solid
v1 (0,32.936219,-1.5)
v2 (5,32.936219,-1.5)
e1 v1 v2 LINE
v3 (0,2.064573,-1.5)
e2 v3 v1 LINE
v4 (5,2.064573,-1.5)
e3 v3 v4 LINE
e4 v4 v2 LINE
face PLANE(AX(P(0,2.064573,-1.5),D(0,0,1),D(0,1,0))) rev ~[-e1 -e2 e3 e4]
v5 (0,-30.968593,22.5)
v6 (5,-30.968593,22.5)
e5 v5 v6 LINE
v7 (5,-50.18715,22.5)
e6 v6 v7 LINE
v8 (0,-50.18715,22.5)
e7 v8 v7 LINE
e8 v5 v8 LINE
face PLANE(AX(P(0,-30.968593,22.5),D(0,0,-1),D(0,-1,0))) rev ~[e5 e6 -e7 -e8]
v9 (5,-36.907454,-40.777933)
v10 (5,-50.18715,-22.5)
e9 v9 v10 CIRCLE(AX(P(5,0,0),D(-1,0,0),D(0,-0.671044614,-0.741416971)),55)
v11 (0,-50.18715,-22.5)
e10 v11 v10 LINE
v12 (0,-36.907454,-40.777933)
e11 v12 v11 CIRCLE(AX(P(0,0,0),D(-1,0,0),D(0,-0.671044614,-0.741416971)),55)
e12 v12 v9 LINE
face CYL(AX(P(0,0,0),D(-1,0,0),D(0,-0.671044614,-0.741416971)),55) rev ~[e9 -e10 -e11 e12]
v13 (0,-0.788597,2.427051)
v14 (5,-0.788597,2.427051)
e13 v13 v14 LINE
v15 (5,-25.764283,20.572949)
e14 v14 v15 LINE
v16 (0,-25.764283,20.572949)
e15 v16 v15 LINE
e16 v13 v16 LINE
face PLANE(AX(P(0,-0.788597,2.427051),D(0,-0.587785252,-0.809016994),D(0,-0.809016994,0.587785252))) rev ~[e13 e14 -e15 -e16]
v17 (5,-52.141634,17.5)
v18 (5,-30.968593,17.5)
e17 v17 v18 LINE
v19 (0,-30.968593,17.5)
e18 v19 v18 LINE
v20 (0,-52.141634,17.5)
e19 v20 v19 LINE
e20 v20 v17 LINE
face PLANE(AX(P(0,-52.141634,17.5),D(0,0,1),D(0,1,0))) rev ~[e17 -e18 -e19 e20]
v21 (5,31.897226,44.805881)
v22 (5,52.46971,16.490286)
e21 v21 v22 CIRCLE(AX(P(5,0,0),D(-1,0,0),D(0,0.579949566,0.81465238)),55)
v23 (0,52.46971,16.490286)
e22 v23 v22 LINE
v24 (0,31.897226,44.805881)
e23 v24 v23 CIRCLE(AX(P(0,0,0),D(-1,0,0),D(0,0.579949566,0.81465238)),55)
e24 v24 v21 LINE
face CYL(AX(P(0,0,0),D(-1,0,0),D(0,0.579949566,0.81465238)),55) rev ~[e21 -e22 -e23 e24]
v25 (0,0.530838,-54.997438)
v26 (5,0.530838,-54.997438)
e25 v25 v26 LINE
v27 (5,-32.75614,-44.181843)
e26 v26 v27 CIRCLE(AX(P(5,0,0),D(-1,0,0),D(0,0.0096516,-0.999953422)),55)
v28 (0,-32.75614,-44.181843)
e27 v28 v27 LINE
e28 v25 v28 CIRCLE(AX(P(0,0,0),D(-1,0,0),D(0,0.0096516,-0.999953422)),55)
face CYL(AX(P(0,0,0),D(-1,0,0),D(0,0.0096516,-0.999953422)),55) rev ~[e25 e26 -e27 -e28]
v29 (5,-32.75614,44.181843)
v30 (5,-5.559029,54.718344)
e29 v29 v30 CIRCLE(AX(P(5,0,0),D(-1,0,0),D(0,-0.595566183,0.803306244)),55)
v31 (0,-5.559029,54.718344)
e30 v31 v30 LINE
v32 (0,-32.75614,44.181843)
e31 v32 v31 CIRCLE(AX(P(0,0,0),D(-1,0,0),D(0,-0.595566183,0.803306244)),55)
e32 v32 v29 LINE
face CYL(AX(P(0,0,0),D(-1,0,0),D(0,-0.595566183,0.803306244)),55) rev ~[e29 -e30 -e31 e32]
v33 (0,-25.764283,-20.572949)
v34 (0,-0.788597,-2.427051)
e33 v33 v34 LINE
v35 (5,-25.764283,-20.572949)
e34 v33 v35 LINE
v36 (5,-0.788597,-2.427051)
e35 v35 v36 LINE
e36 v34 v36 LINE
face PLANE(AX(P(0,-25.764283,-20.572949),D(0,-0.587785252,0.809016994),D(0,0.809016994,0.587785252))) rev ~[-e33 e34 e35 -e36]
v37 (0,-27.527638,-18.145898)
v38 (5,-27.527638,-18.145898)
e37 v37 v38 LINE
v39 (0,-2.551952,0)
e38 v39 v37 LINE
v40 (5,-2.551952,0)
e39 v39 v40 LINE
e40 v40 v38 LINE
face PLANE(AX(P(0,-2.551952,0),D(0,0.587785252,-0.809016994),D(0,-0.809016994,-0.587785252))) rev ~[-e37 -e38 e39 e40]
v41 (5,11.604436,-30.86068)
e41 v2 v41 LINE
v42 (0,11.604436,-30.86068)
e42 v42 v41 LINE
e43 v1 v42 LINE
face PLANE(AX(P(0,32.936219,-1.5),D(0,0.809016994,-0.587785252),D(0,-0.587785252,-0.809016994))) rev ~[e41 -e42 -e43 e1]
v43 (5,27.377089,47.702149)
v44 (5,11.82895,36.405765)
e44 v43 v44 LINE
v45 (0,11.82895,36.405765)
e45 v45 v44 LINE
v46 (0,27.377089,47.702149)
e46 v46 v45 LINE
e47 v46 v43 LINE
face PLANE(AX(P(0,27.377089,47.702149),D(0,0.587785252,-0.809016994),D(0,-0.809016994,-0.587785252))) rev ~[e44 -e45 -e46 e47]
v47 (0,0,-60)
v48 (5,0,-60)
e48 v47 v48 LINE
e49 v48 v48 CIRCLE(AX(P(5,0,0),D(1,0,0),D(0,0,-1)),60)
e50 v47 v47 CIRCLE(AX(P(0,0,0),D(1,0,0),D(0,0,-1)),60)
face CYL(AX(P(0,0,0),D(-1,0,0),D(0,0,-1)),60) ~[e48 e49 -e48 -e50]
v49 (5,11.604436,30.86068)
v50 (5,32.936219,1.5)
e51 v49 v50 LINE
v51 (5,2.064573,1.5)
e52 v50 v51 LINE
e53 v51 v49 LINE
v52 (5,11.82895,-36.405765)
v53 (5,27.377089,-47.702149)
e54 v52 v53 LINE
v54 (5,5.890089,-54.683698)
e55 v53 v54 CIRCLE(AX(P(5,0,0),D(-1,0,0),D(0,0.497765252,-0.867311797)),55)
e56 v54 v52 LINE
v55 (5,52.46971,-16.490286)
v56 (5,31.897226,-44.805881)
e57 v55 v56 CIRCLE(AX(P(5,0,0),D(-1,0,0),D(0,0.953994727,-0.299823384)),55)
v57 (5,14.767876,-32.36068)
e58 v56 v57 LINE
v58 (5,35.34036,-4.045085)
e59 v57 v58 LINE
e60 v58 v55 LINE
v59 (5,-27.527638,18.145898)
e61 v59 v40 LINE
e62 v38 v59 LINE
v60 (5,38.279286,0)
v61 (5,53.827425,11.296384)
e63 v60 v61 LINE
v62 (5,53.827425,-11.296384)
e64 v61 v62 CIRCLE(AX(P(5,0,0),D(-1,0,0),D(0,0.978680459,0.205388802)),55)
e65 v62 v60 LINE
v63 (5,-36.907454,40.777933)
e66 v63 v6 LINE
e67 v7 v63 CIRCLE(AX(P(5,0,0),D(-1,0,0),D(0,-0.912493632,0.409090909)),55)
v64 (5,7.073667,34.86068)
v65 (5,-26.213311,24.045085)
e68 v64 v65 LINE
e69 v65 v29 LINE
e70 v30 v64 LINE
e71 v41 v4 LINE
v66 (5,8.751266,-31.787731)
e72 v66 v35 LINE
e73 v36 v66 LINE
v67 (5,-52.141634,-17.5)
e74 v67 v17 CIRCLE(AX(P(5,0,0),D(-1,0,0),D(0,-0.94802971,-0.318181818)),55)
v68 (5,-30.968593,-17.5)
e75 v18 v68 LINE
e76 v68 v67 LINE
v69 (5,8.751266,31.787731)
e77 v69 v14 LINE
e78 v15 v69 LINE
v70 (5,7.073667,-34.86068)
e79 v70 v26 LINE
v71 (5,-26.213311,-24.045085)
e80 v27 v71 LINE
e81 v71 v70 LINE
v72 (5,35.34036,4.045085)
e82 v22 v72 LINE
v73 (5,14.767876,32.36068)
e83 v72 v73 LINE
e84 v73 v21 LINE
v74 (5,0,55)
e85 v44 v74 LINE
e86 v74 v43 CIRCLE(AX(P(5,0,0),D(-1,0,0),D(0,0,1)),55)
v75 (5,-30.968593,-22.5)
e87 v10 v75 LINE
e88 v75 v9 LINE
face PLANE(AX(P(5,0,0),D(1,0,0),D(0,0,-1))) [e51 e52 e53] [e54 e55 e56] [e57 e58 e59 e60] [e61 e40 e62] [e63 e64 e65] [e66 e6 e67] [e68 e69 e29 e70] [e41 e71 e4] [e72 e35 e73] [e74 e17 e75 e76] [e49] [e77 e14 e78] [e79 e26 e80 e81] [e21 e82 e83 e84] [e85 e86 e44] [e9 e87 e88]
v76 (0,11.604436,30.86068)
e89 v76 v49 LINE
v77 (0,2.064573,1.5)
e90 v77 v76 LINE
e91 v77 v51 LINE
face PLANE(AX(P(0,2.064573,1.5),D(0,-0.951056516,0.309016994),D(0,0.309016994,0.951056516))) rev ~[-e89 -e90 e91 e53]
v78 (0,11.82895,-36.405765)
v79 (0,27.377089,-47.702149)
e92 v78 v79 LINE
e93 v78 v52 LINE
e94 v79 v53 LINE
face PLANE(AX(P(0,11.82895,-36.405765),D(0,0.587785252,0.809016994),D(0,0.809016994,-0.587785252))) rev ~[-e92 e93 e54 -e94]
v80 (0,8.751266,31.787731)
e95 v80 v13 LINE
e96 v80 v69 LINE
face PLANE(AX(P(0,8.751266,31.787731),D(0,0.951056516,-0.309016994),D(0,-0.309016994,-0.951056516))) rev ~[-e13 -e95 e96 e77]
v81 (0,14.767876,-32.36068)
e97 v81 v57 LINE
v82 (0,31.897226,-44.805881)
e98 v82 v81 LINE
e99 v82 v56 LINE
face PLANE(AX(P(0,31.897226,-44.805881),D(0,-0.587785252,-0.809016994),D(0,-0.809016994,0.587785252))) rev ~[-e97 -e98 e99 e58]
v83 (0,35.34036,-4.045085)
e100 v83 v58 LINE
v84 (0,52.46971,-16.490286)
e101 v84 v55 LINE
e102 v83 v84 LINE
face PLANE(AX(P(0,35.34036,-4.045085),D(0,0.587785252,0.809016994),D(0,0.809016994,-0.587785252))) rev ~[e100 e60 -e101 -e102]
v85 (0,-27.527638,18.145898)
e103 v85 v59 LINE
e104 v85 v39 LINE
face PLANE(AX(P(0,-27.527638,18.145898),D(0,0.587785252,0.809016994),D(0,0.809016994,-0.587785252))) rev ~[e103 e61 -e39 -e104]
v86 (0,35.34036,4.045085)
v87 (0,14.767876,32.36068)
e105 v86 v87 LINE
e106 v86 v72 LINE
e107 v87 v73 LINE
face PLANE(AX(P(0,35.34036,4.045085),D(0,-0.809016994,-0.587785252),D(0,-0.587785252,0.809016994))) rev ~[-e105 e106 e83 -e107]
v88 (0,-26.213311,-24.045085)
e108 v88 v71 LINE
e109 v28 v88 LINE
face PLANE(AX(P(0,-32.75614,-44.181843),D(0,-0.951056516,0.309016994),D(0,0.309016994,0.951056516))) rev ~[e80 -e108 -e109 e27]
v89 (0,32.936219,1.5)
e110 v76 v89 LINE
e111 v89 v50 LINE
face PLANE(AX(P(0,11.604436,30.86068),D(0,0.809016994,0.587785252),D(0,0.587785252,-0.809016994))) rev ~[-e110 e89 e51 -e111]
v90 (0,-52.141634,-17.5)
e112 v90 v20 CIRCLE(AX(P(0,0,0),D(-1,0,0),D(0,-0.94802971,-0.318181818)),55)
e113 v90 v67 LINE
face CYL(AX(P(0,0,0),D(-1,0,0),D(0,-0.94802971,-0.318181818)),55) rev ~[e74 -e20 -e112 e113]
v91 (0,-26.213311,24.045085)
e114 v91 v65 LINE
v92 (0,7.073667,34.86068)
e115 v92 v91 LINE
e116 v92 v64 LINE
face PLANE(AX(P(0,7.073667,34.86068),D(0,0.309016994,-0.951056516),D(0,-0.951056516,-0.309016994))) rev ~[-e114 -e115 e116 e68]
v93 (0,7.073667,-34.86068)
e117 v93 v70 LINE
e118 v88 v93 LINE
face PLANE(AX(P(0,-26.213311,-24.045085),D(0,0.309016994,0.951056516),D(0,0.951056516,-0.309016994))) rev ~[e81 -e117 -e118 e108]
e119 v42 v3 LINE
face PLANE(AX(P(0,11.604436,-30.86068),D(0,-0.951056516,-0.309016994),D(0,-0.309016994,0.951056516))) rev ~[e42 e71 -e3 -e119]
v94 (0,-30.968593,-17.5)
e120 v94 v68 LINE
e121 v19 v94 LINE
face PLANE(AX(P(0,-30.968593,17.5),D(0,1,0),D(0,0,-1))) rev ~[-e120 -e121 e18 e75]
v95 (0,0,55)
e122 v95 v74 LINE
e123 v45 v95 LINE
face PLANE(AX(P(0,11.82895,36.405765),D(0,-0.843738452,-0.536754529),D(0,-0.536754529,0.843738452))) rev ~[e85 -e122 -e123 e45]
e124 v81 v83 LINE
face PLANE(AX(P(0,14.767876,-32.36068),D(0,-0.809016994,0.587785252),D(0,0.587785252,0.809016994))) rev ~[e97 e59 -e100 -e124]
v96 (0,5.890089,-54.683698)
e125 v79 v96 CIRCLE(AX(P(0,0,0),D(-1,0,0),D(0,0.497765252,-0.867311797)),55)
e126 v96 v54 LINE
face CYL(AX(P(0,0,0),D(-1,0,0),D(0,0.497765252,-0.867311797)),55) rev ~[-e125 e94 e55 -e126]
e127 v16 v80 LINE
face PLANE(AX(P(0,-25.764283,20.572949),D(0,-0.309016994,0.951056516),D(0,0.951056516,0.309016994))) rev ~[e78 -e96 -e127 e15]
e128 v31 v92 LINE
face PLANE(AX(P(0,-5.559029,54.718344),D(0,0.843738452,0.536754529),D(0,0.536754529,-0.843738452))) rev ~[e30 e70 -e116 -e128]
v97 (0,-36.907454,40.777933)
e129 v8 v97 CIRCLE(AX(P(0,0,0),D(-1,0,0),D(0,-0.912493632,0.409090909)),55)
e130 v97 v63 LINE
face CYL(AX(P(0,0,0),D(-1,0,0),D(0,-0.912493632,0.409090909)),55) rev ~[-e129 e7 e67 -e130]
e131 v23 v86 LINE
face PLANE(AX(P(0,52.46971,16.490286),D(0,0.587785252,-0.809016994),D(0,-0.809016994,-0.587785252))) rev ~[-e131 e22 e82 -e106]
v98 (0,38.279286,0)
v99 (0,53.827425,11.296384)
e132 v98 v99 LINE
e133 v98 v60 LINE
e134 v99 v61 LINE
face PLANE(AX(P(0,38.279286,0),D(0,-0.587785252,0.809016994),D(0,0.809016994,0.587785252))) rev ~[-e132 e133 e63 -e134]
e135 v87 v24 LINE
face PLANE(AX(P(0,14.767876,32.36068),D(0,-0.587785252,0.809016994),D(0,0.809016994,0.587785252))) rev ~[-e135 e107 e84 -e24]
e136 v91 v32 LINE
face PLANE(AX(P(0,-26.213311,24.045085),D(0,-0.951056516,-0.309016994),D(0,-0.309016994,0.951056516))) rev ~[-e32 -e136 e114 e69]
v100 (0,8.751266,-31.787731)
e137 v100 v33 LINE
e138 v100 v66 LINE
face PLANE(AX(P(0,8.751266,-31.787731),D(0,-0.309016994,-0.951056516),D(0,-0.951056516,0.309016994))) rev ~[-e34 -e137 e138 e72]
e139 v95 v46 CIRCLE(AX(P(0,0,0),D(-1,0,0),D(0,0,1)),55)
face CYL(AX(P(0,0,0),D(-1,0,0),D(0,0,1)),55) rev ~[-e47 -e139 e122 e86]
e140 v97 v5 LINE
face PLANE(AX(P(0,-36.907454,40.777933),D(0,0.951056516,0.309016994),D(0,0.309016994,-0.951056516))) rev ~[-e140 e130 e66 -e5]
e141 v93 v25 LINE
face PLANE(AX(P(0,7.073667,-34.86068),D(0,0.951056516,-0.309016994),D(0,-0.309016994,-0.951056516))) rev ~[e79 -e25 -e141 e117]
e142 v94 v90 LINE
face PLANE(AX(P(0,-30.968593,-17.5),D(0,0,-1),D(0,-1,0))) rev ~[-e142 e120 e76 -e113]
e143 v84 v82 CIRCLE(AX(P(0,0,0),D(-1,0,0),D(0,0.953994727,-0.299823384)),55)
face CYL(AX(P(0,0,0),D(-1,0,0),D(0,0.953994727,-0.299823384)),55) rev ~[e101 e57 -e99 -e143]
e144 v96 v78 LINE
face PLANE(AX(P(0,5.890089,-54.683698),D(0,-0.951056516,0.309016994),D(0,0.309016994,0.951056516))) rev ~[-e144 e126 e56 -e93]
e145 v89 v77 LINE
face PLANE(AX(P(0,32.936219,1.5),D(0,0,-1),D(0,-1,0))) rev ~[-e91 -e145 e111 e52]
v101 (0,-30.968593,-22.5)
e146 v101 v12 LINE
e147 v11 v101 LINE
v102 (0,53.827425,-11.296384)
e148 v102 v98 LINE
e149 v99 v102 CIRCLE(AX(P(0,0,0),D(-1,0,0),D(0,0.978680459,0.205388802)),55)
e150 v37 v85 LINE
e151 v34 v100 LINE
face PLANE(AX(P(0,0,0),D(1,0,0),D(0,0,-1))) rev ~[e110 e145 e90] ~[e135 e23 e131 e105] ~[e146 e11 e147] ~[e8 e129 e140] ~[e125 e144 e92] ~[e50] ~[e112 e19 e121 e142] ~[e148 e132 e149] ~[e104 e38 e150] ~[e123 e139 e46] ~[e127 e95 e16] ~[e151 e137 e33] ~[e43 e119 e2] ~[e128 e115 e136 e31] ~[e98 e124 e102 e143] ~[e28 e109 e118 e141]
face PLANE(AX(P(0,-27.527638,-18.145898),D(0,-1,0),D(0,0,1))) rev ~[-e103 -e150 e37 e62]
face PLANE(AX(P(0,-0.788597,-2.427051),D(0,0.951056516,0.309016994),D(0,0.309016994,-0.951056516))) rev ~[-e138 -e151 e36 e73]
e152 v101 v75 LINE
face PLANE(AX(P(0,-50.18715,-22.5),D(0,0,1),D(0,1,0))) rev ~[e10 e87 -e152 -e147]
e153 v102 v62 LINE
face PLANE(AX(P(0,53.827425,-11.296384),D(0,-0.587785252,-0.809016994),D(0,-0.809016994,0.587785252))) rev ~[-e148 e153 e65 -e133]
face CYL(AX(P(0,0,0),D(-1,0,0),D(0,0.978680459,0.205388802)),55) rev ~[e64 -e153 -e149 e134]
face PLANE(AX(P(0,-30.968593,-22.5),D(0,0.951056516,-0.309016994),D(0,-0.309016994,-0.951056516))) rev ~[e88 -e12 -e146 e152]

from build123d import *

# Parameters (mm, degrees)
SKETCH2_R           = 60
BOSS_EXTRUDE2_DEPTH = 5


with BuildPart() as part:
    # Sketch2 → Boss-Extrude2 (new body)
    with BuildSketch(Plane(origin=(0, 0, 0), x_dir=(0, 0, -1), z_dir=(1, 0, 0))):
        Circle(SKETCH2_R)
        with BuildLine():
            Line((-32.360679775, 14.767876284), (-44.805880919, 31.897226135))
            ThreePointArc((-44.805880919, 31.897226135), (-32.328188876, 44.495934691), (-16.490286116, 52.469709965))
            Line((-16.490286116, 52.469709965), (-4.045084972, 35.340360114))
            Line((-4.045084972, 35.340360114), (-32.360679775, 14.767876284))
        make_face(mode=Mode.SUBTRACT)
        with BuildLine():
            Line((-47.702148851, 27.37708887), (-36.405764747, 11.828950023))
            Line((-36.405764747, 11.828950023), (-55, 0))
            ThreePointArc((-55, 0), (-53.144229164, 14.166541801), (-47.702148851, 27.37708887))
        make_face(mode=Mode.SUBTRACT)
        with BuildLine():
            Line((0, 38.279286376), (-11.296384104, 53.827425223))
            ThreePointArc((-11.296384104, 53.827425223), (0, 55), (11.296384104, 53.827425223))
            Line((11.296384104, 53.827425223), (0, 38.279286376))
        make_face(mode=Mode.SUBTRACT)
        with BuildLine():
            Line((-54.718344288, -5.559028547), (-34.860679775, 7.073667441))
            Line((-34.860679775, 7.073667441), (-24.045084972, -26.213310629))
            Line((-24.045084972, -26.213310629), (-44.181843419, -32.756140067))
            ThreePointArc((-44.181843419, -32.756140067), (-51.285792388, -19.868756859), (-54.718344288, -5.559028547))
        make_face(mode=Mode.SUBTRACT)
        with BuildLine():
            Line((4.045084972, 35.340360114), (16.490286116, 52.469709965))
            ThreePointArc((16.490286116, 52.469709965), (32.328188876, 44.495934691), (44.805880919, 31.897226135))
            Line((44.805880919, 31.897226135), (32.360679775, 14.767876284))
            Line((32.360679775, 14.767876284), (4.045084972, 35.340360114))
        make_face(mode=Mode.SUBTRACT)
        with BuildLine():
            Line((-40.77793343, -36.907453789), (-22.5, -30.968593211))
            Line((-22.5, -30.968593211), (-22.5, -50.18714975))
            ThreePointArc((-22.5, -50.18714975), (-32.328188876, -44.495934691), (-40.77793343, -36.907453789))
        make_face(mode=Mode.SUBTRACT)
        with BuildLine():
            Line((36.405764747, 11.828950023), (47.702148851, 27.37708887))
            ThreePointArc((47.702148851, 27.37708887), (52.308108396, 16.995934691), (54.683698177, 5.890089445))
            Line((54.683698177, 5.890089445), (36.405764747, 11.828950023))
        make_face(mode=Mode.SUBTRACT)
        with BuildLine():
            Line((-17.5, -52.141634037), (-17.5, -30.968593211))
            Line((-17.5, -30.968593211), (17.5, -30.968593211))
            Line((17.5, -30.968593211), (17.5, -52.141634037))
            ThreePointArc((17.5, -52.141634037), (0, -55), (-17.5, -52.141634037))
        make_face(mode=Mode.SUBTRACT)
        with BuildLine():
            Line((34.860679775, 7.073667441), (54.997438222, 0.530838003))
            ThreePointArc((54.997438222, 0.530838003), (52.308108396, -16.995934691), (44.181843419, -32.756140067))
            Line((44.181843419, -32.756140067), (24.045084972, -26.213310629))
            Line((24.045084972, -26.213310629), (34.860679775, 7.073667441))
        make_face(mode=Mode.SUBTRACT)
        with BuildLine():
            Line((22.5, -50.18714975), (22.5, -30.968593211))
            Line((22.5, -30.968593211), (40.77793343, -36.907453789))
            ThreePointArc((40.77793343, -36.907453789), (32.328188876, -44.495934691), (22.5, -50.18714975))
        make_face(mode=Mode.SUBTRACT)
        Polygon((-20.572949017, -25.764282653), (-31.787730758, 8.751266486), (-2.427050983, -0.788596668), align=None, mode=Mode.SUBTRACT)
        Polygon((18.145898034, -27.527638409), (-18.145898034, -27.527638409), (0, -2.551952425), align=None, mode=Mode.SUBTRACT)
        Polygon((31.787730758, 8.751266486), (20.572949017, -25.764282653), (2.427050983, -0.788596668), align=None, mode=Mode.SUBTRACT)
        Polygon((-30.860679775, 11.604436034), (-1.5, 32.936218542), (-1.5, 2.064572881), align=None, mode=Mode.SUBTRACT)
        Polygon((1.5, 32.936218542), (30.860679775, 11.604436034), (1.5, 2.064572881), align=None, mode=Mode.SUBTRACT)
    extrude(amount=BOSS_EXTRUDE2_DEPTH)


solid = part.part
